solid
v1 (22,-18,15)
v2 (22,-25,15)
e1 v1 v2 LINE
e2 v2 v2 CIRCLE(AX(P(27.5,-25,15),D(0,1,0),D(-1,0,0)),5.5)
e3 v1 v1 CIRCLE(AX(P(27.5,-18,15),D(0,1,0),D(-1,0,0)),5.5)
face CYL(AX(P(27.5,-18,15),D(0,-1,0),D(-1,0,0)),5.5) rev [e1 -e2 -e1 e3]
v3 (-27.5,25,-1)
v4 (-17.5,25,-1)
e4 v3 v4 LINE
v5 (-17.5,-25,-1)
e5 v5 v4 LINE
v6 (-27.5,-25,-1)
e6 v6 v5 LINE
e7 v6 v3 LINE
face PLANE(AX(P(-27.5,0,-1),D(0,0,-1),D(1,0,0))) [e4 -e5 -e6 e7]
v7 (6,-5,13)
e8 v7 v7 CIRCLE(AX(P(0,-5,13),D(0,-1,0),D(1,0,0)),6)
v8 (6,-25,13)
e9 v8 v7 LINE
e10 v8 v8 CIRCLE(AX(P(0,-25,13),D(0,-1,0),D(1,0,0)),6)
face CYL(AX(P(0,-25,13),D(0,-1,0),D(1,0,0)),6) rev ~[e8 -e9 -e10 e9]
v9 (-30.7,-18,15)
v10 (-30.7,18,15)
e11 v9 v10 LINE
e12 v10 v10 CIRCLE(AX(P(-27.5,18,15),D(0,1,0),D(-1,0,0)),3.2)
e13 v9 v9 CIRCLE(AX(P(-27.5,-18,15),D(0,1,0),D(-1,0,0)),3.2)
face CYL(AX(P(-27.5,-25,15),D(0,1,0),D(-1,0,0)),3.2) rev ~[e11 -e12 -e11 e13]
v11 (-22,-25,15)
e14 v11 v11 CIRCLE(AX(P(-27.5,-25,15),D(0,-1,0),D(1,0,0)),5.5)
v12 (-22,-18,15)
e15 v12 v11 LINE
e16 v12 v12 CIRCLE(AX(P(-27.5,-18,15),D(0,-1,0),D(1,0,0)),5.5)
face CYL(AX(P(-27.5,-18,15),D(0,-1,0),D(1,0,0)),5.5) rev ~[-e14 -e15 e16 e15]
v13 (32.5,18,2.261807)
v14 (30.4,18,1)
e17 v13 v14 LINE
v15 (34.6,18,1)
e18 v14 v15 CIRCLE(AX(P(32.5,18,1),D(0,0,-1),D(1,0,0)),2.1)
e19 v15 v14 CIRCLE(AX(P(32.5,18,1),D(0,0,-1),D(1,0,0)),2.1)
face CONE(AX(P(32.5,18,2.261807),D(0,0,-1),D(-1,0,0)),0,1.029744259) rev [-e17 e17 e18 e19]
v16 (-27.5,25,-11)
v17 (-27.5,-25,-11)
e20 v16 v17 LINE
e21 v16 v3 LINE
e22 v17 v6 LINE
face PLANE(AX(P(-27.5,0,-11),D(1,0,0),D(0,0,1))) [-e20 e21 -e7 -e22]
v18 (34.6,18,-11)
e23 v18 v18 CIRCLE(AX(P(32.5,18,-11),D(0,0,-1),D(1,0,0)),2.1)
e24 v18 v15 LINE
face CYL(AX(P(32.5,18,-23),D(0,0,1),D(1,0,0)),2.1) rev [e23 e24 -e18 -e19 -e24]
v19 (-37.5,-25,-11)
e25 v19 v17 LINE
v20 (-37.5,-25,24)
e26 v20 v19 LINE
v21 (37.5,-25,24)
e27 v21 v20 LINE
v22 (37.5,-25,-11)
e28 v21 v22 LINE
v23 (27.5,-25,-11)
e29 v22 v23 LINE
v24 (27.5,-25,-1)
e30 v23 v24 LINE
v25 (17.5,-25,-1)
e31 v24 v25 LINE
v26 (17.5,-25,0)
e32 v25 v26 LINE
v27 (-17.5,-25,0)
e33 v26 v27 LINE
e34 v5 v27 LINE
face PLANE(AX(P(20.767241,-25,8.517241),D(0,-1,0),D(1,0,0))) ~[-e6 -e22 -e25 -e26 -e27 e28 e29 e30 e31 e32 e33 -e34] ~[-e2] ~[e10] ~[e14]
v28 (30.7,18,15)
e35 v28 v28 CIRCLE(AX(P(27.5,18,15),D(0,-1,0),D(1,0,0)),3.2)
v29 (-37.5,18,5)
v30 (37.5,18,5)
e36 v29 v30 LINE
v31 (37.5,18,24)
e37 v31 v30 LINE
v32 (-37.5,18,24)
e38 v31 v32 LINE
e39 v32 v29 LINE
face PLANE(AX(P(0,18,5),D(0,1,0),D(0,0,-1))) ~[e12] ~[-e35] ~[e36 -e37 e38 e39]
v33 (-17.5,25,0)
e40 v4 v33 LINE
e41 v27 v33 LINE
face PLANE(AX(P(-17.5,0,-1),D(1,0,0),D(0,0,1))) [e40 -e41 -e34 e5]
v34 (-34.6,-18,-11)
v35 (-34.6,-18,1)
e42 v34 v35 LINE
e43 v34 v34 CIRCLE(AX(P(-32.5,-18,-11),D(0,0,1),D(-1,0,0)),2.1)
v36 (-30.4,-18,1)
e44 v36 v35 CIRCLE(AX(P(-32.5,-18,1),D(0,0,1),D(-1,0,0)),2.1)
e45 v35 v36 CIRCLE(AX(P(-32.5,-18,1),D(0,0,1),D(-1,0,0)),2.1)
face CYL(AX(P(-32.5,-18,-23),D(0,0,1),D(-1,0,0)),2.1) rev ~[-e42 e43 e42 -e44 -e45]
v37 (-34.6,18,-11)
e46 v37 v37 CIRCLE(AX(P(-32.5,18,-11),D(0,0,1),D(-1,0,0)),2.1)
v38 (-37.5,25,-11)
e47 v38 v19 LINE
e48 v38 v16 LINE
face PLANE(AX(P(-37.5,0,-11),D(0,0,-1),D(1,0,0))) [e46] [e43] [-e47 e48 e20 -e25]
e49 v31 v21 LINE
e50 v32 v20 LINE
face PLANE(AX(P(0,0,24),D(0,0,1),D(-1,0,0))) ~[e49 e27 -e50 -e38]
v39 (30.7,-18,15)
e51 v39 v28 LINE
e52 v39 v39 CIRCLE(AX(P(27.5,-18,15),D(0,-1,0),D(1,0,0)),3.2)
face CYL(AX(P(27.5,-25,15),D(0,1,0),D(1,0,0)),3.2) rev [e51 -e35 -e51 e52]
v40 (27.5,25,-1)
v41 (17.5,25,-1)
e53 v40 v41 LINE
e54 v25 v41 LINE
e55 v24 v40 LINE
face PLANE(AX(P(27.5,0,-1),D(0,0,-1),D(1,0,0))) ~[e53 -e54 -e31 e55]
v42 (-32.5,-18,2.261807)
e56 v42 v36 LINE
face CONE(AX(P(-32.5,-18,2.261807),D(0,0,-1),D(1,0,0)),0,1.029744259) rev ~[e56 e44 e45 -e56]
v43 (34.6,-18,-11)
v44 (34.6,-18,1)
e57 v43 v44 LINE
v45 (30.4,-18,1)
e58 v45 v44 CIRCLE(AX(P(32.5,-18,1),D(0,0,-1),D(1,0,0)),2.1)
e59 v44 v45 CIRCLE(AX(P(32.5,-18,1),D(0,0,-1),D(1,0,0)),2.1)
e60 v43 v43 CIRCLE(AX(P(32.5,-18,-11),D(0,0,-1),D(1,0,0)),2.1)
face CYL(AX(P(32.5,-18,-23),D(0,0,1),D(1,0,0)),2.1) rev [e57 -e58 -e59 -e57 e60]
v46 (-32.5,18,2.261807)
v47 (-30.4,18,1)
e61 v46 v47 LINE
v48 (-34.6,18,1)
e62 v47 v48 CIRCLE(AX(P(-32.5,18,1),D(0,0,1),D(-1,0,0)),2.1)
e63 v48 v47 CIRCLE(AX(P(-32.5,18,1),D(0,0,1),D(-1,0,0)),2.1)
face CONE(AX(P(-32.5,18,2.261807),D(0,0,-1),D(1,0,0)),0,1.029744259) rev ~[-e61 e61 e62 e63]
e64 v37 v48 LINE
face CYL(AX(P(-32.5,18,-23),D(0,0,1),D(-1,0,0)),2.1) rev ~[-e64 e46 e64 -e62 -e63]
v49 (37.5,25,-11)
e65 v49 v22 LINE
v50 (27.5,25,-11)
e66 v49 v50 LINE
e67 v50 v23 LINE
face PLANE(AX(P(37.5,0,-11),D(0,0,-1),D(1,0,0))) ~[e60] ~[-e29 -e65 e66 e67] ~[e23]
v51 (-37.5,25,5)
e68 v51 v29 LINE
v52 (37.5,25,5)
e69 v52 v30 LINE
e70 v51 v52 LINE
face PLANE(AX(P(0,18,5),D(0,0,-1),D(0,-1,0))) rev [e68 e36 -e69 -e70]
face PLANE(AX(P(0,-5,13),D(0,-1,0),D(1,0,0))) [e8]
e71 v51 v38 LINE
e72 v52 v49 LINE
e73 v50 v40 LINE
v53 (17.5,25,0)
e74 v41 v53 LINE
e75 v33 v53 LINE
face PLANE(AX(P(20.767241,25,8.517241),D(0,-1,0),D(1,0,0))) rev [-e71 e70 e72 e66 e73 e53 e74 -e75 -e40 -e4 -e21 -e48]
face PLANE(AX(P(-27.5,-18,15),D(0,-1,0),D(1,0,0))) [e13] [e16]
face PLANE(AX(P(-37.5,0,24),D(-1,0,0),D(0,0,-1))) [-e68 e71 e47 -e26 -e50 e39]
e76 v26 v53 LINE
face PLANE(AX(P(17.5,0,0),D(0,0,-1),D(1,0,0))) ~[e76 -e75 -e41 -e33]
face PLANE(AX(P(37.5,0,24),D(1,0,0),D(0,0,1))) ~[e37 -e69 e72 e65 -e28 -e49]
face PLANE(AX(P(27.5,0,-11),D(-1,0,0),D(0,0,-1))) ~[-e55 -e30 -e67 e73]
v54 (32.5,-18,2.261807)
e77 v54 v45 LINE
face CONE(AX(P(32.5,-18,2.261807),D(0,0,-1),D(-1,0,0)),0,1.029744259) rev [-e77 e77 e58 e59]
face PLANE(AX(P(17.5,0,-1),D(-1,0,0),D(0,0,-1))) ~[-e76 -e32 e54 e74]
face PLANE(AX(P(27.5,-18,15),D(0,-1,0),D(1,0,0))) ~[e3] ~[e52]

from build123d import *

# Parameters (mm, degrees)
F1_DEPTH       = 25
F2_W           = 7
F2_H           = 19
F3_DEPTH       = 37.501
F5_D           = 4.2
F5_DEPTH       = 12
F5_TIP         = 1.2618073
F7_D           = 6.4
F7_CBORE_D     = 11
F7_CBORE_DEPTH = 7
F9_R           = 6
F10_DEPTH      = 20


with BuildPart() as f1:
    # F0 (on Front) → F1 (new body, symmetric)
    with BuildSketch(Plane.XZ):
        Polygon((-17.5, 0), (0, 0), (0, 24), (-37.5, 24), (-37.5, -11), (-27.5, -11), (-27.5, -1), (-17.5, -1), align=None)
    extrude(amount=F1_DEPTH, both=True)

    # F2 (on Right) → F3 (cut, through all)
    with BuildSketch(Plane.YZ):
        with Locations((21.5, 14.5)):
            Rectangle(F2_W, F2_H)
    extrude(amount=-F3_DEPTH, mode=Mode.SUBTRACT)

    # F5
    with Locations(Plane(origin=(0, 0, -11), x_dir=(1, 0, 0), z_dir=(0, 0, -1))):
        with Locations((-32.5, 18), (-32.5, -18)):
            Hole(F5_D / 2, depth=F5_DEPTH)
            with Locations((0, 0, -(F5_DEPTH + F5_TIP / 2))):  # 118° drill point
                Cone(0, F5_D / 2, F5_TIP, mode=Mode.SUBTRACT)

    # F7 (through all)
    with Locations(Plane.XZ.offset(25)):
        with Locations((-27.5, 15)):
            CounterBoreHole(F7_D / 2, F7_CBORE_D / 2, F7_CBORE_DEPTH)

    # F8: F1 across plane


with BuildPart() as f1_1:
    add(f1.part)
    add(f1.part.mirror(Plane.YZ))

    # F9 (on face) → F10 (cut)
    with BuildSketch(Plane.XZ.offset(25)):
        with Locations((0, 13)):
            Circle(F9_R)
    extrude(amount=-F10_DEPTH, mode=Mode.SUBTRACT)


solid = f1_1.part
